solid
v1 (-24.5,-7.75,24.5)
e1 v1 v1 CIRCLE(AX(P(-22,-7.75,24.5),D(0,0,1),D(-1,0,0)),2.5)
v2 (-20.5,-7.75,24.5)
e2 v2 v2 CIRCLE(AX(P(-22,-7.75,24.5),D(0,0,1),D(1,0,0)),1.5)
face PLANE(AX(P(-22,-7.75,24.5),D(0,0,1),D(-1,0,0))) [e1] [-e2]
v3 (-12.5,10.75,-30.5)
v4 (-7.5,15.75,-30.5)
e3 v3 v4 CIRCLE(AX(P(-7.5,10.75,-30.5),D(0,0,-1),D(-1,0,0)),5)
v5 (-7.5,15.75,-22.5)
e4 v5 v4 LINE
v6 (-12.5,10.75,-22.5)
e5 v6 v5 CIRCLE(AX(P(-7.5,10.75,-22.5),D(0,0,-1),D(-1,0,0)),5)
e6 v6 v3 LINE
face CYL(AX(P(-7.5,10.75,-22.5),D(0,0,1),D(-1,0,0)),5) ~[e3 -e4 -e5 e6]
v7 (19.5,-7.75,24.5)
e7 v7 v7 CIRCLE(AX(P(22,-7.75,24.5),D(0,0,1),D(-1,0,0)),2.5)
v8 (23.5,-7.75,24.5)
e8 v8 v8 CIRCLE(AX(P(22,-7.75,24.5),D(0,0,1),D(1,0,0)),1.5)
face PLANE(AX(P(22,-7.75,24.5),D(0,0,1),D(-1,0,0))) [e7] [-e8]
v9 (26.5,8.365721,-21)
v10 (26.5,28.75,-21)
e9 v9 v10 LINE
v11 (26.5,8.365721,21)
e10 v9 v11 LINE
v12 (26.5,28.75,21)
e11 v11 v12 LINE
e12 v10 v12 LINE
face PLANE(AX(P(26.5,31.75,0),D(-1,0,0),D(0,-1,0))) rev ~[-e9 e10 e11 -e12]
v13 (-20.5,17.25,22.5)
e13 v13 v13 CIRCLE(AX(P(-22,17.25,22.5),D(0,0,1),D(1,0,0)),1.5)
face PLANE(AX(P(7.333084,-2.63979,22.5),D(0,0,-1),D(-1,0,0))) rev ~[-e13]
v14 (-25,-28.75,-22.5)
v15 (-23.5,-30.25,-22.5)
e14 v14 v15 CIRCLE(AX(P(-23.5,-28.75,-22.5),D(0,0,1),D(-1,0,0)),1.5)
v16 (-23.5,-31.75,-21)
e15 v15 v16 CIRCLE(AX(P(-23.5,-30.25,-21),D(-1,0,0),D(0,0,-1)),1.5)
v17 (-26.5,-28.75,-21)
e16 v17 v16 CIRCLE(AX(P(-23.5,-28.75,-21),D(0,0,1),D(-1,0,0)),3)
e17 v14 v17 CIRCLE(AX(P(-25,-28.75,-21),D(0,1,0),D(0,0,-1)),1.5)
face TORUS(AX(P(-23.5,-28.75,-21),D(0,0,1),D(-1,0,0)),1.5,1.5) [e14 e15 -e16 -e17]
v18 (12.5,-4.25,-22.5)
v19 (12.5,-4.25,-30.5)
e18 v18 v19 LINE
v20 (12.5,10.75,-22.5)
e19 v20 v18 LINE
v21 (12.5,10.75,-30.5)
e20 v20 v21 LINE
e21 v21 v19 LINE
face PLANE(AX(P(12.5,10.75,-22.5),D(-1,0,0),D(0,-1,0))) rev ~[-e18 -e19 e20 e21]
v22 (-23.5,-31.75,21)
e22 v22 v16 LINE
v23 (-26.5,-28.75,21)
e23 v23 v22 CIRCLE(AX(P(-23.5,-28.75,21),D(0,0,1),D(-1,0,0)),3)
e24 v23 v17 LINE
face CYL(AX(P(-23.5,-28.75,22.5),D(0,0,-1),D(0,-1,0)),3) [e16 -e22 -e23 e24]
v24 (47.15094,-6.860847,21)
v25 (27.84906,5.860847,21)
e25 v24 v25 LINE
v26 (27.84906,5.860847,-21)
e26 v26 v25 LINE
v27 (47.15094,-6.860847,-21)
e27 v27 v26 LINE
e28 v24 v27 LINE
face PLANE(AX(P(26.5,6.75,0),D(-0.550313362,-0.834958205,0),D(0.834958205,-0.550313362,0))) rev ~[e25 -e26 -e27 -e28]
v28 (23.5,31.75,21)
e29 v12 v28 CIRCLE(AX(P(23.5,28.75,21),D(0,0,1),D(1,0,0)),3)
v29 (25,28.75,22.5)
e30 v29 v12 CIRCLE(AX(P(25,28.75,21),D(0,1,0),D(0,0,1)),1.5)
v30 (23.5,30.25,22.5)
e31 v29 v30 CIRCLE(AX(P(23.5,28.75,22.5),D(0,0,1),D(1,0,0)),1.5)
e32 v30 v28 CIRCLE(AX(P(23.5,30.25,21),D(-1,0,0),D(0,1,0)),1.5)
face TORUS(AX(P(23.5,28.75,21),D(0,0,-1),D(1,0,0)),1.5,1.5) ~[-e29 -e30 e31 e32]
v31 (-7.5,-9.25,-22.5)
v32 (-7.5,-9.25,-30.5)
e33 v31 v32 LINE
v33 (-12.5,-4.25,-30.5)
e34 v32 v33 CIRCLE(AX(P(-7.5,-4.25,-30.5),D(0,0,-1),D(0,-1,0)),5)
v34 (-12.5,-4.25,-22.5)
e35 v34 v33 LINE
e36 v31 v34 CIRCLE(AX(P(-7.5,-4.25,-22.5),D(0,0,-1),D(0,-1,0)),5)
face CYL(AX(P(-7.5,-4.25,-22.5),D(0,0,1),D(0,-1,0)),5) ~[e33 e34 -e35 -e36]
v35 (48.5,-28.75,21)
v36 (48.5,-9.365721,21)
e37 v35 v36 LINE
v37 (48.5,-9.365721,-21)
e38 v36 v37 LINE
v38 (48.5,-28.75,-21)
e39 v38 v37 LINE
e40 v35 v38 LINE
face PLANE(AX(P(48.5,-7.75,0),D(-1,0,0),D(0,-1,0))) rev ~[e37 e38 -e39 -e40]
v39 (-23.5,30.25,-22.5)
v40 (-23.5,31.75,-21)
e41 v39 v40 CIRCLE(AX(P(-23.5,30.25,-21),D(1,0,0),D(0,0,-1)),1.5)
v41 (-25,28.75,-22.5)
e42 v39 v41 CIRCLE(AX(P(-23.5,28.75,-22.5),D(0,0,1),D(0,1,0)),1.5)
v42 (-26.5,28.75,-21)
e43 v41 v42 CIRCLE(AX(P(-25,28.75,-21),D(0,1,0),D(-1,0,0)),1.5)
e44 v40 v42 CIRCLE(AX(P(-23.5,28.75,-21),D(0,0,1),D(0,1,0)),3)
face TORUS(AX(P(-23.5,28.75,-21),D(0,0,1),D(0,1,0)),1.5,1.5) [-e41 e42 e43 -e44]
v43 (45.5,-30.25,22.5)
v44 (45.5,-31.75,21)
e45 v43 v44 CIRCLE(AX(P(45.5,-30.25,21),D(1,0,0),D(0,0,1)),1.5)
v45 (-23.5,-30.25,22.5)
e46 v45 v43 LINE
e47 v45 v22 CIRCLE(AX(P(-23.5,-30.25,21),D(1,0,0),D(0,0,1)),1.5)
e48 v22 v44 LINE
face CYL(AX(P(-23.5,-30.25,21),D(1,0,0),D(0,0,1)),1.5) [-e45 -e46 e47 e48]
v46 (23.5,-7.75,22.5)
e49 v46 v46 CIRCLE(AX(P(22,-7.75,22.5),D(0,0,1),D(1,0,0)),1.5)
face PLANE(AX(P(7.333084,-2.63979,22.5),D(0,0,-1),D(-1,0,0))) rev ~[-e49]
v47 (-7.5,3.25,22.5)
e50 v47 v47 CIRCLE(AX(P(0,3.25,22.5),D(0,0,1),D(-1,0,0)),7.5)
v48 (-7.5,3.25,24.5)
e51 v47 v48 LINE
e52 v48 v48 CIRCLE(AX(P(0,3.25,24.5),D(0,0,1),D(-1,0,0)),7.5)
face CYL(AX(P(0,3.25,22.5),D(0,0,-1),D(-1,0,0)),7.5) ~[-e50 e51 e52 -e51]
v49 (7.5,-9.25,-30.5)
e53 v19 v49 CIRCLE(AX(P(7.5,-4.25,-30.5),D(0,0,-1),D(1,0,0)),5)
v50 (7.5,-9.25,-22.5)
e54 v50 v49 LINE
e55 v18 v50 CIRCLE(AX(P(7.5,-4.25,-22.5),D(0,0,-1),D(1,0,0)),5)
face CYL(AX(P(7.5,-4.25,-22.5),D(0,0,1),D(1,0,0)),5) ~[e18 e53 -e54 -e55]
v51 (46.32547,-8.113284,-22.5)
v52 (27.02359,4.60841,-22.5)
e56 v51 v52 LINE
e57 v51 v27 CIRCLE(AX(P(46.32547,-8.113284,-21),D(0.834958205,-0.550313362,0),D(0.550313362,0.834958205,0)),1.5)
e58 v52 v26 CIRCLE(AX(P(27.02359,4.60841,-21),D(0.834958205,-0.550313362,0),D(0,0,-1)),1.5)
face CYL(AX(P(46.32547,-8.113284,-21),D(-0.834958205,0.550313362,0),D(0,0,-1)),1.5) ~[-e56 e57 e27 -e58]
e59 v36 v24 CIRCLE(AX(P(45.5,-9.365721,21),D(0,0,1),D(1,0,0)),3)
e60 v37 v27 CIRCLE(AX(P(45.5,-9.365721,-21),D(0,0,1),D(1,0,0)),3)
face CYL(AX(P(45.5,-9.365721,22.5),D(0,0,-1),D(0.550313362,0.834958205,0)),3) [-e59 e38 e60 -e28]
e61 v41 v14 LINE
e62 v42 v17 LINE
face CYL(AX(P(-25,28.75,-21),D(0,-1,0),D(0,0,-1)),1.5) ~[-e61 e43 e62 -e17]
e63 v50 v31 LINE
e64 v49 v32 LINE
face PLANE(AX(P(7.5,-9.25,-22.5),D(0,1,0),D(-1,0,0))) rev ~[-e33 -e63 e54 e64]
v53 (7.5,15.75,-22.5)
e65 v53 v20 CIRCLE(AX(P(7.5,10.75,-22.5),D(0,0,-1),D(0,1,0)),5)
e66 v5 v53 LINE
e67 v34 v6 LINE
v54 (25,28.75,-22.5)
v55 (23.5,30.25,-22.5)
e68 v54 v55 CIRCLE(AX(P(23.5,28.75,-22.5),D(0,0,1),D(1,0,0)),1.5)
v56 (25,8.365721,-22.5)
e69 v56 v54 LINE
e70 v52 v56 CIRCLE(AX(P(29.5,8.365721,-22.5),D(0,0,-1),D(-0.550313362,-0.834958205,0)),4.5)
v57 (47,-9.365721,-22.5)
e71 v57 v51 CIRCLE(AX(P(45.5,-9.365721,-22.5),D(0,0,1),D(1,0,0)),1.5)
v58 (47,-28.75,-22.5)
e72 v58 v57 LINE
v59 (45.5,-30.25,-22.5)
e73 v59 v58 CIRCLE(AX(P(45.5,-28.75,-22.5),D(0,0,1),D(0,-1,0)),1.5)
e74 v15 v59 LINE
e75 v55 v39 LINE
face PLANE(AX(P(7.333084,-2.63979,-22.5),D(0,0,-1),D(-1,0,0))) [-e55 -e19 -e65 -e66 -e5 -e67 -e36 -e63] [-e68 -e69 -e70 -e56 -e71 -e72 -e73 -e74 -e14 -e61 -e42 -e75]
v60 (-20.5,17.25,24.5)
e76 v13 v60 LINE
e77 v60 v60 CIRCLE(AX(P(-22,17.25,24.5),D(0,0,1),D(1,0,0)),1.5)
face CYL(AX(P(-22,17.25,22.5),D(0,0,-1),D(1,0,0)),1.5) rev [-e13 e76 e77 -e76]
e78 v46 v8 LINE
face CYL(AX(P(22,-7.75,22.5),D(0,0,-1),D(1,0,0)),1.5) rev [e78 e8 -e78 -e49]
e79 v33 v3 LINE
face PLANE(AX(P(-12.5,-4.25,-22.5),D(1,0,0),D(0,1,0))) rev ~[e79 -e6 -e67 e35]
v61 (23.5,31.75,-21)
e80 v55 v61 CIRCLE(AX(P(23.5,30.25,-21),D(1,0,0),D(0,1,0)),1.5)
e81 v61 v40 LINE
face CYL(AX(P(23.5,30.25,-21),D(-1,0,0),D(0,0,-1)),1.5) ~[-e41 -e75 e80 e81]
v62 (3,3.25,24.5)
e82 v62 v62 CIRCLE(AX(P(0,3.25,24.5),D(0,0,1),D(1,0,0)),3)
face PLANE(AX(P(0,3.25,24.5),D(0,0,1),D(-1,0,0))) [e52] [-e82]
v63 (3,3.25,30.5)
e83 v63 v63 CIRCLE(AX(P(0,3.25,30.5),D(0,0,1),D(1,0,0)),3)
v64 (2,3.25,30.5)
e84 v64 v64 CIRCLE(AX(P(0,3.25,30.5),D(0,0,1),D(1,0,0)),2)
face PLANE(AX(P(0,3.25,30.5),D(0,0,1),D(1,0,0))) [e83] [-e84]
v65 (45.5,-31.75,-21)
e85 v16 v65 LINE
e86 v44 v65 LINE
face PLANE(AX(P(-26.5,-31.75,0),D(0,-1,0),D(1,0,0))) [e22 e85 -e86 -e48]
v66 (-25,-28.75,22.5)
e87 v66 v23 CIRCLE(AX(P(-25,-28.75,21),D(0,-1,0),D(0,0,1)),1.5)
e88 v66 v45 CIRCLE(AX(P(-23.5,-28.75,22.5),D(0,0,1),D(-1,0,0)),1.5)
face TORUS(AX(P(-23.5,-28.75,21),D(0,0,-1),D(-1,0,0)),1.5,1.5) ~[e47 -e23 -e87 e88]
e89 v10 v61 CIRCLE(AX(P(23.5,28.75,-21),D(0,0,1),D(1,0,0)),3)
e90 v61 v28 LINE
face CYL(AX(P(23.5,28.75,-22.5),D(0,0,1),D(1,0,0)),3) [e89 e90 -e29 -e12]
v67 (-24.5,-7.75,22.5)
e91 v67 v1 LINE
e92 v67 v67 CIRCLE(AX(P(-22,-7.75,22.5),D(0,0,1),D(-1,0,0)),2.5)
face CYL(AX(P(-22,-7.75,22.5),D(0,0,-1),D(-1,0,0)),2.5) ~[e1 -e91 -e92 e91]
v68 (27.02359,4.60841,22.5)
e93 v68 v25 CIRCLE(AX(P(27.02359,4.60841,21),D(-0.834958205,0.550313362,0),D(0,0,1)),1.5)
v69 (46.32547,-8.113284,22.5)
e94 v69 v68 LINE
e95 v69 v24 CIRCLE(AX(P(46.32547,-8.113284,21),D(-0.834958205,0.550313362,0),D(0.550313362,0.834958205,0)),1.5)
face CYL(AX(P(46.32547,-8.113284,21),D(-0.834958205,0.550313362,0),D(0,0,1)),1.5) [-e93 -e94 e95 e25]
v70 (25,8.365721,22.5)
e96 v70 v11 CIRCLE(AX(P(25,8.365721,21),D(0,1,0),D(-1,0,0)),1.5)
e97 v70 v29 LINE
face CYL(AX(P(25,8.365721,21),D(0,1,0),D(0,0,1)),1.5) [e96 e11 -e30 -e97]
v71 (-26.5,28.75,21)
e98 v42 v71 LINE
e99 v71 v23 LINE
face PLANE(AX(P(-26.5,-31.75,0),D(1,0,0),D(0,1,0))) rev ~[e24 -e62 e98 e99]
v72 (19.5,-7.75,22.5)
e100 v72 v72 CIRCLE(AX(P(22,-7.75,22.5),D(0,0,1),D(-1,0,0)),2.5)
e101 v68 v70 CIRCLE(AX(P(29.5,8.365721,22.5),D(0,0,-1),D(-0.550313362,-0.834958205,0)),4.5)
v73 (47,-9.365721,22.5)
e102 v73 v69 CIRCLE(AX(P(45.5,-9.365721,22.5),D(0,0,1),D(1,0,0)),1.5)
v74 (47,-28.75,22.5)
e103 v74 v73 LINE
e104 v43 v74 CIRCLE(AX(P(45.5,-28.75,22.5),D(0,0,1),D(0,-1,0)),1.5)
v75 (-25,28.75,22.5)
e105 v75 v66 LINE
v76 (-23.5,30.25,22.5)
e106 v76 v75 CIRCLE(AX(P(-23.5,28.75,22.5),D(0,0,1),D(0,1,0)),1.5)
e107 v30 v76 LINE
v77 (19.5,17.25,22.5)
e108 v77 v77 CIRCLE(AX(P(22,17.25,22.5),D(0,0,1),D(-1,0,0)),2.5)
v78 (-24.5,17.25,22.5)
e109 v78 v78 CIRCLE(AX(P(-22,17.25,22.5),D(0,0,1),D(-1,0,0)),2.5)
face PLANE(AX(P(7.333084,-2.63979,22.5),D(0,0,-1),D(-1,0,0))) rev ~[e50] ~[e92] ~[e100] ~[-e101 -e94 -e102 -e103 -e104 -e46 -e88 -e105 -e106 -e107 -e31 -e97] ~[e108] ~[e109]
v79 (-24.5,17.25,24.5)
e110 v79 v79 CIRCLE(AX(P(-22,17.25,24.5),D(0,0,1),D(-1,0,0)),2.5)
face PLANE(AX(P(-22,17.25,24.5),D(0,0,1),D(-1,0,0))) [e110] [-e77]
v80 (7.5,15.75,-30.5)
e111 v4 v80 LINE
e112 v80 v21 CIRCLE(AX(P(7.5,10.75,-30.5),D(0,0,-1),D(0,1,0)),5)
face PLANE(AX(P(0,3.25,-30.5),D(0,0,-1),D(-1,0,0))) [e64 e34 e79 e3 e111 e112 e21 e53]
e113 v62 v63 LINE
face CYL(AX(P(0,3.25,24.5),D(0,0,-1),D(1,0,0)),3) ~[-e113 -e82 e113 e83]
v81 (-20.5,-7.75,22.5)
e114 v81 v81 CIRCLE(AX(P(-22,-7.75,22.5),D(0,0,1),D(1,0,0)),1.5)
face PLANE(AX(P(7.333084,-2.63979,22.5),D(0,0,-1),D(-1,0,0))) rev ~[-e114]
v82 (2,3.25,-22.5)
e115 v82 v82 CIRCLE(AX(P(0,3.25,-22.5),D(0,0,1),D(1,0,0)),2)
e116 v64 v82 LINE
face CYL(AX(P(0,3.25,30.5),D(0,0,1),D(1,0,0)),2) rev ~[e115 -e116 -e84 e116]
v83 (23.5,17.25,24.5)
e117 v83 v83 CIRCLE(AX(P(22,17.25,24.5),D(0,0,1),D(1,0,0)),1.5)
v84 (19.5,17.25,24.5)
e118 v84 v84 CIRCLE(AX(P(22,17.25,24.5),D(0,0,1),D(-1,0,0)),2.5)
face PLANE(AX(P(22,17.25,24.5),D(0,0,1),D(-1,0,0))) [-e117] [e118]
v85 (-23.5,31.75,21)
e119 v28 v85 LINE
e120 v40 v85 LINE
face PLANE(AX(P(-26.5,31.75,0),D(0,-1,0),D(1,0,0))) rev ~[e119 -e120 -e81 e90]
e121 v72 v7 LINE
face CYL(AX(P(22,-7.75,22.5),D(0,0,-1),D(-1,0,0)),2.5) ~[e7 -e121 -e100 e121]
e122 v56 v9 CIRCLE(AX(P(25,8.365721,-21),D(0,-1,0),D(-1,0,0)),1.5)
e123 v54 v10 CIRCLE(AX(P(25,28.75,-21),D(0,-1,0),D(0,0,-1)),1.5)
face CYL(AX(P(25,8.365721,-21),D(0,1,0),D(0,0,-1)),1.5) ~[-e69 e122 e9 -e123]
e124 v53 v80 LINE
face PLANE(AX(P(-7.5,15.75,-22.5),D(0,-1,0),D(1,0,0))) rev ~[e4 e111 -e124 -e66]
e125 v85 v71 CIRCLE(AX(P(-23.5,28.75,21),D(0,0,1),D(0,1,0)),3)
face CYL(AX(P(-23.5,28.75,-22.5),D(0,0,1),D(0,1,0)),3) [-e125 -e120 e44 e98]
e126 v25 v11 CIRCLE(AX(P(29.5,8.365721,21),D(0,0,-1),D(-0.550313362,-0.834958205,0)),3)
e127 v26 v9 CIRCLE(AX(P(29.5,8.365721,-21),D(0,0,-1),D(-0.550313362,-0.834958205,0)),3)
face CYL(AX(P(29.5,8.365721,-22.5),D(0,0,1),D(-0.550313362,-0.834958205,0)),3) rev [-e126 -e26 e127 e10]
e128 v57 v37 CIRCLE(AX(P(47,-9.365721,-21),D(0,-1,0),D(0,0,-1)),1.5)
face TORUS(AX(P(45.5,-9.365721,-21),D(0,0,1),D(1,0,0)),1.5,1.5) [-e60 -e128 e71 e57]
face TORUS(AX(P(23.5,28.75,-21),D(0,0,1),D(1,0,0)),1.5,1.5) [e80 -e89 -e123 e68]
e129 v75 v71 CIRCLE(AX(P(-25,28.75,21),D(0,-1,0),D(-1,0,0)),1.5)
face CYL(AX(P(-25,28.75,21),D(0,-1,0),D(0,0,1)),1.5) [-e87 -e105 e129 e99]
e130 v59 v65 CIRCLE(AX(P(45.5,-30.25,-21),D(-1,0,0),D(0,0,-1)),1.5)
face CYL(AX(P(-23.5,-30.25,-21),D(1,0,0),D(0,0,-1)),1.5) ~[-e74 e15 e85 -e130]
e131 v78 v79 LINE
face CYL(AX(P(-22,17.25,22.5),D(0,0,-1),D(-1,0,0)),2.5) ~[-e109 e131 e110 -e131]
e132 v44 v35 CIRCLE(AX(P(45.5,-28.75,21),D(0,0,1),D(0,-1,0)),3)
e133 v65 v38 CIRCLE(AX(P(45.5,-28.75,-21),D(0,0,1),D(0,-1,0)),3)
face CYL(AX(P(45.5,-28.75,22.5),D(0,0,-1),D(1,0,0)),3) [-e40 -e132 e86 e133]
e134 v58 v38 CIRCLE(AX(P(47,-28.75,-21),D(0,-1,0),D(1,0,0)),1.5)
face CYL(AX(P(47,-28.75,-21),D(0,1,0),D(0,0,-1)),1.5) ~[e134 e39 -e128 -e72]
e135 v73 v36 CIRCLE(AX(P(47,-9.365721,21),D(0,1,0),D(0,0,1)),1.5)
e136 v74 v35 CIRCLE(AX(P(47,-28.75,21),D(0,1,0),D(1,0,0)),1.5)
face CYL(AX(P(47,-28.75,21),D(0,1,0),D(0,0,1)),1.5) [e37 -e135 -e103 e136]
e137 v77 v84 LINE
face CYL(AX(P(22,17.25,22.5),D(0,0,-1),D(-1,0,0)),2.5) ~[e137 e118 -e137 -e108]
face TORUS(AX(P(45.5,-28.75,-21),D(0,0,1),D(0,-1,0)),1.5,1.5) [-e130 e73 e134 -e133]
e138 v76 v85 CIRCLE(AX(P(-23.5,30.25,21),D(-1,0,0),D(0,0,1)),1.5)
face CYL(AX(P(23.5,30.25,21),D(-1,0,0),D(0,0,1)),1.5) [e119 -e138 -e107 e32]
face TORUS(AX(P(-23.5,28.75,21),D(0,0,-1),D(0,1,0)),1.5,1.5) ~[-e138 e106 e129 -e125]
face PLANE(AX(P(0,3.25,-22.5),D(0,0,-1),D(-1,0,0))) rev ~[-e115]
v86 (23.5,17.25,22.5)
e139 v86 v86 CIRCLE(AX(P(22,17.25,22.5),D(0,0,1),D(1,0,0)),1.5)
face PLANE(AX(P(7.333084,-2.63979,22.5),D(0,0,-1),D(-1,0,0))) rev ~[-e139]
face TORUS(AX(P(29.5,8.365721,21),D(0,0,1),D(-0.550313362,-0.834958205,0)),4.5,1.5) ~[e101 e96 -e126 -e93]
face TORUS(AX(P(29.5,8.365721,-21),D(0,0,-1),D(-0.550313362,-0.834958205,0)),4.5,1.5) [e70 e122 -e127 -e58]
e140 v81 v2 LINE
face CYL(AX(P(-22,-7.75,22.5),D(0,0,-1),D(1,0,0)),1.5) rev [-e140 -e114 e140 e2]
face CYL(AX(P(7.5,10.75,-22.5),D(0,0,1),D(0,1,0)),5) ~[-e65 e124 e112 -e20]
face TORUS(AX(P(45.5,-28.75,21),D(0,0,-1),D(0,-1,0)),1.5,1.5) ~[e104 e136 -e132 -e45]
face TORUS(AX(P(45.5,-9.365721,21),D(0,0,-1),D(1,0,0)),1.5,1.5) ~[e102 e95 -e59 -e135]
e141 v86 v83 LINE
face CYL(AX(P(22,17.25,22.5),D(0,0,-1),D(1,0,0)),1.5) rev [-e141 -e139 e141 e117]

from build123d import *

# Parameters (mm, degrees)
BOSS_EXTRUDE1_DEPTH = 22.5
SKETCH3_R           = 2.5
SKETCH3_R_2         = 1.5
BOSS_EXTRUDE2_DEPTH = 2
SKETCH5_R           = 7.5
BOSS_EXTRUDE4_DEPTH = 2
FILLET1_R           = 3
FILLET2_R           = 1.5
SKETCH7_R           = 3
BOSS_EXTRUDE6_DEPTH = 6
SKETCH8_R           = 2
CUT_EXTRUDE2_DEPTH  = 79.544971195
BOSS_EXTRUDE7_DEPTH = 8


with BuildPart() as part:
    # Sketch2 → Boss-Extrude1 (new, symmetric)
    with BuildSketch(Plane.XY):
        Polygon((26.5, 6.75), (48.5, -7.75), (48.5, -31.75), (26.5, -31.75), (-26.5, -31.75), (-26.5, 31.75), (26.5, 31.75), align=None)
    extrude(amount=BOSS_EXTRUDE1_DEPTH, both=True)

    # Sketch3 → Boss-Extrude2 (add)
    # profile 1 of 4: a face of its own
    with BuildSketch(Plane.XY.offset(22.5)):
        with Locations(Location((-22, 17.25, 0), (0, 0, 180))):
            Circle(SKETCH3_R)
        with Locations((-22, 17.25)):
            Circle(SKETCH3_R_2, mode=Mode.SUBTRACT)
    # profile 2 of 4: a face of its own
    with BuildSketch(Plane.XY.offset(22.5)):
        with Locations(Location((22, 17.25, 0), (0, 0, 180))):
            Circle(SKETCH3_R)
        with Locations((22, 17.25)):
            Circle(SKETCH3_R_2, mode=Mode.SUBTRACT)
    # profile 3 of 4: a face of its own
    with BuildSketch(Plane.XY.offset(22.5)):
        with Locations(Location((-22, -7.75, 0), (0, 0, 180))):
            Circle(SKETCH3_R)
        with Locations((-22, -7.75)):
            Circle(SKETCH3_R_2, mode=Mode.SUBTRACT)
    # profile 4 of 4: a face of its own
    with BuildSketch(Plane.XY.offset(22.5)):
        with Locations(Location((22, -7.75, 0), (0, 0, 180))):
            Circle(SKETCH3_R)
        with Locations((22, -7.75)):
            Circle(SKETCH3_R_2, mode=Mode.SUBTRACT)
    extrude(amount=BOSS_EXTRUDE2_DEPTH)

    # Sketch5 → Boss-Extrude4 (add)
    with BuildSketch(Plane.XY.offset(22.5)):
        with Locations(Location((0, 3.25, 0), (0, 0, 180))):
            Circle(SKETCH5_R)
    extrude(amount=BOSS_EXTRUDE4_DEPTH)

    # Fillet1
    fillet1_edges = [part.edges().sort_by_distance(p)[0] for p in [
        (26.5, 6.75, 0),
        (48.5, -7.75, 0),
        (48.5, -31.75, 0),
        (-26.5, -31.75, 0),
        (-26.5, 31.75, 0),
        (26.5, 31.75, 0),
    ]]
    fillet(fillet1_edges, radius=FILLET1_R)

    # Fillet2
    fillet2_edges = [part.edges().sort_by_distance(p)[0] for p in [
        (11, -31.75, -22.5),
        (11, -31.75, 22.5),
        (26.5, 18.557860744, -22.5),
        (37.5, -0.5, -22.5),
        (48.5, -19.057860744, -22.5),
        (-26.5, 0, -22.5),
        (0, 31.75, -22.5),
        (25.621320344, 30.871320344, -22.5),
        (48.141289482, -7.943192097, -22.5),
        (47.621320344, -30.871320344, -22.5),
        (-25.621320344, 30.871320344, -22.5),
        (-25.621320344, -30.871320344, -22.5),
        (-26.5, 0, 22.5),
        (26.5, 18.557860744, 22.5),
        (0, 31.75, 22.5),
        (48.5, -19.057860744, 22.5),
        (37.5, -0.5, 22.5),
        (25.621320344, 30.871320344, 22.5),
        (48.141289482, -7.943192097, 22.5),
        (47.621320344, -30.871320344, 22.5),
        (-25.621320344, 30.871320344, 22.5),
        (-25.621320344, -30.871320344, 22.5),
        (26.858710518, 6.943192097, -22.5),
        (26.858710518, 6.943192097, 22.5),
    ]]
    fillet(fillet2_edges, radius=FILLET2_R)

    # Sketch7 → Boss-Extrude6 (add)
    with BuildSketch(Plane.XY.offset(24.5)):
        with Locations((0, 3.25)):
            Circle(SKETCH7_R)
    extrude(amount=BOSS_EXTRUDE6_DEPTH)

    # Sketch8 → Cut-Extrude2 (cut, through all)
    with BuildSketch(Plane.XY.offset(30.5)):
        with Locations((0, 3.25)):
            Circle(SKETCH8_R)
    extrude(amount=-CUT_EXTRUDE2_DEPTH, mode=Mode.SUBTRACT)

    # Sketch9 → Boss-Extrude7 (add)
    with BuildSketch(Plane(origin=(0, 0, -22.5), x_dir=(-1, 0, 0), z_dir=(0, 0, -1))):
        with BuildLine():
            Line((-7.5, -9.25), (7.5, -9.25))
            ThreePointArc((7.5, -9.25), (11.035533906, -7.785533906), (12.5, -4.25))
            Line((12.5, -4.25), (12.5, 10.75))
            ThreePointArc((12.5, 10.75), (11.035533906, 14.285533906), (7.5, 15.75))
            Line((7.5, 15.75), (-7.5, 15.75))
            ThreePointArc((-7.5, 15.75), (-11.035533906, 14.285533906), (-12.5, 10.75))
            Line((-12.5, 10.75), (-12.5, -4.25))
            ThreePointArc((-12.5, -4.25), (-11.035533906, -7.785533906), (-7.5, -9.25))
        make_face()
    extrude(amount=BOSS_EXTRUDE7_DEPTH)


solid = part.part
